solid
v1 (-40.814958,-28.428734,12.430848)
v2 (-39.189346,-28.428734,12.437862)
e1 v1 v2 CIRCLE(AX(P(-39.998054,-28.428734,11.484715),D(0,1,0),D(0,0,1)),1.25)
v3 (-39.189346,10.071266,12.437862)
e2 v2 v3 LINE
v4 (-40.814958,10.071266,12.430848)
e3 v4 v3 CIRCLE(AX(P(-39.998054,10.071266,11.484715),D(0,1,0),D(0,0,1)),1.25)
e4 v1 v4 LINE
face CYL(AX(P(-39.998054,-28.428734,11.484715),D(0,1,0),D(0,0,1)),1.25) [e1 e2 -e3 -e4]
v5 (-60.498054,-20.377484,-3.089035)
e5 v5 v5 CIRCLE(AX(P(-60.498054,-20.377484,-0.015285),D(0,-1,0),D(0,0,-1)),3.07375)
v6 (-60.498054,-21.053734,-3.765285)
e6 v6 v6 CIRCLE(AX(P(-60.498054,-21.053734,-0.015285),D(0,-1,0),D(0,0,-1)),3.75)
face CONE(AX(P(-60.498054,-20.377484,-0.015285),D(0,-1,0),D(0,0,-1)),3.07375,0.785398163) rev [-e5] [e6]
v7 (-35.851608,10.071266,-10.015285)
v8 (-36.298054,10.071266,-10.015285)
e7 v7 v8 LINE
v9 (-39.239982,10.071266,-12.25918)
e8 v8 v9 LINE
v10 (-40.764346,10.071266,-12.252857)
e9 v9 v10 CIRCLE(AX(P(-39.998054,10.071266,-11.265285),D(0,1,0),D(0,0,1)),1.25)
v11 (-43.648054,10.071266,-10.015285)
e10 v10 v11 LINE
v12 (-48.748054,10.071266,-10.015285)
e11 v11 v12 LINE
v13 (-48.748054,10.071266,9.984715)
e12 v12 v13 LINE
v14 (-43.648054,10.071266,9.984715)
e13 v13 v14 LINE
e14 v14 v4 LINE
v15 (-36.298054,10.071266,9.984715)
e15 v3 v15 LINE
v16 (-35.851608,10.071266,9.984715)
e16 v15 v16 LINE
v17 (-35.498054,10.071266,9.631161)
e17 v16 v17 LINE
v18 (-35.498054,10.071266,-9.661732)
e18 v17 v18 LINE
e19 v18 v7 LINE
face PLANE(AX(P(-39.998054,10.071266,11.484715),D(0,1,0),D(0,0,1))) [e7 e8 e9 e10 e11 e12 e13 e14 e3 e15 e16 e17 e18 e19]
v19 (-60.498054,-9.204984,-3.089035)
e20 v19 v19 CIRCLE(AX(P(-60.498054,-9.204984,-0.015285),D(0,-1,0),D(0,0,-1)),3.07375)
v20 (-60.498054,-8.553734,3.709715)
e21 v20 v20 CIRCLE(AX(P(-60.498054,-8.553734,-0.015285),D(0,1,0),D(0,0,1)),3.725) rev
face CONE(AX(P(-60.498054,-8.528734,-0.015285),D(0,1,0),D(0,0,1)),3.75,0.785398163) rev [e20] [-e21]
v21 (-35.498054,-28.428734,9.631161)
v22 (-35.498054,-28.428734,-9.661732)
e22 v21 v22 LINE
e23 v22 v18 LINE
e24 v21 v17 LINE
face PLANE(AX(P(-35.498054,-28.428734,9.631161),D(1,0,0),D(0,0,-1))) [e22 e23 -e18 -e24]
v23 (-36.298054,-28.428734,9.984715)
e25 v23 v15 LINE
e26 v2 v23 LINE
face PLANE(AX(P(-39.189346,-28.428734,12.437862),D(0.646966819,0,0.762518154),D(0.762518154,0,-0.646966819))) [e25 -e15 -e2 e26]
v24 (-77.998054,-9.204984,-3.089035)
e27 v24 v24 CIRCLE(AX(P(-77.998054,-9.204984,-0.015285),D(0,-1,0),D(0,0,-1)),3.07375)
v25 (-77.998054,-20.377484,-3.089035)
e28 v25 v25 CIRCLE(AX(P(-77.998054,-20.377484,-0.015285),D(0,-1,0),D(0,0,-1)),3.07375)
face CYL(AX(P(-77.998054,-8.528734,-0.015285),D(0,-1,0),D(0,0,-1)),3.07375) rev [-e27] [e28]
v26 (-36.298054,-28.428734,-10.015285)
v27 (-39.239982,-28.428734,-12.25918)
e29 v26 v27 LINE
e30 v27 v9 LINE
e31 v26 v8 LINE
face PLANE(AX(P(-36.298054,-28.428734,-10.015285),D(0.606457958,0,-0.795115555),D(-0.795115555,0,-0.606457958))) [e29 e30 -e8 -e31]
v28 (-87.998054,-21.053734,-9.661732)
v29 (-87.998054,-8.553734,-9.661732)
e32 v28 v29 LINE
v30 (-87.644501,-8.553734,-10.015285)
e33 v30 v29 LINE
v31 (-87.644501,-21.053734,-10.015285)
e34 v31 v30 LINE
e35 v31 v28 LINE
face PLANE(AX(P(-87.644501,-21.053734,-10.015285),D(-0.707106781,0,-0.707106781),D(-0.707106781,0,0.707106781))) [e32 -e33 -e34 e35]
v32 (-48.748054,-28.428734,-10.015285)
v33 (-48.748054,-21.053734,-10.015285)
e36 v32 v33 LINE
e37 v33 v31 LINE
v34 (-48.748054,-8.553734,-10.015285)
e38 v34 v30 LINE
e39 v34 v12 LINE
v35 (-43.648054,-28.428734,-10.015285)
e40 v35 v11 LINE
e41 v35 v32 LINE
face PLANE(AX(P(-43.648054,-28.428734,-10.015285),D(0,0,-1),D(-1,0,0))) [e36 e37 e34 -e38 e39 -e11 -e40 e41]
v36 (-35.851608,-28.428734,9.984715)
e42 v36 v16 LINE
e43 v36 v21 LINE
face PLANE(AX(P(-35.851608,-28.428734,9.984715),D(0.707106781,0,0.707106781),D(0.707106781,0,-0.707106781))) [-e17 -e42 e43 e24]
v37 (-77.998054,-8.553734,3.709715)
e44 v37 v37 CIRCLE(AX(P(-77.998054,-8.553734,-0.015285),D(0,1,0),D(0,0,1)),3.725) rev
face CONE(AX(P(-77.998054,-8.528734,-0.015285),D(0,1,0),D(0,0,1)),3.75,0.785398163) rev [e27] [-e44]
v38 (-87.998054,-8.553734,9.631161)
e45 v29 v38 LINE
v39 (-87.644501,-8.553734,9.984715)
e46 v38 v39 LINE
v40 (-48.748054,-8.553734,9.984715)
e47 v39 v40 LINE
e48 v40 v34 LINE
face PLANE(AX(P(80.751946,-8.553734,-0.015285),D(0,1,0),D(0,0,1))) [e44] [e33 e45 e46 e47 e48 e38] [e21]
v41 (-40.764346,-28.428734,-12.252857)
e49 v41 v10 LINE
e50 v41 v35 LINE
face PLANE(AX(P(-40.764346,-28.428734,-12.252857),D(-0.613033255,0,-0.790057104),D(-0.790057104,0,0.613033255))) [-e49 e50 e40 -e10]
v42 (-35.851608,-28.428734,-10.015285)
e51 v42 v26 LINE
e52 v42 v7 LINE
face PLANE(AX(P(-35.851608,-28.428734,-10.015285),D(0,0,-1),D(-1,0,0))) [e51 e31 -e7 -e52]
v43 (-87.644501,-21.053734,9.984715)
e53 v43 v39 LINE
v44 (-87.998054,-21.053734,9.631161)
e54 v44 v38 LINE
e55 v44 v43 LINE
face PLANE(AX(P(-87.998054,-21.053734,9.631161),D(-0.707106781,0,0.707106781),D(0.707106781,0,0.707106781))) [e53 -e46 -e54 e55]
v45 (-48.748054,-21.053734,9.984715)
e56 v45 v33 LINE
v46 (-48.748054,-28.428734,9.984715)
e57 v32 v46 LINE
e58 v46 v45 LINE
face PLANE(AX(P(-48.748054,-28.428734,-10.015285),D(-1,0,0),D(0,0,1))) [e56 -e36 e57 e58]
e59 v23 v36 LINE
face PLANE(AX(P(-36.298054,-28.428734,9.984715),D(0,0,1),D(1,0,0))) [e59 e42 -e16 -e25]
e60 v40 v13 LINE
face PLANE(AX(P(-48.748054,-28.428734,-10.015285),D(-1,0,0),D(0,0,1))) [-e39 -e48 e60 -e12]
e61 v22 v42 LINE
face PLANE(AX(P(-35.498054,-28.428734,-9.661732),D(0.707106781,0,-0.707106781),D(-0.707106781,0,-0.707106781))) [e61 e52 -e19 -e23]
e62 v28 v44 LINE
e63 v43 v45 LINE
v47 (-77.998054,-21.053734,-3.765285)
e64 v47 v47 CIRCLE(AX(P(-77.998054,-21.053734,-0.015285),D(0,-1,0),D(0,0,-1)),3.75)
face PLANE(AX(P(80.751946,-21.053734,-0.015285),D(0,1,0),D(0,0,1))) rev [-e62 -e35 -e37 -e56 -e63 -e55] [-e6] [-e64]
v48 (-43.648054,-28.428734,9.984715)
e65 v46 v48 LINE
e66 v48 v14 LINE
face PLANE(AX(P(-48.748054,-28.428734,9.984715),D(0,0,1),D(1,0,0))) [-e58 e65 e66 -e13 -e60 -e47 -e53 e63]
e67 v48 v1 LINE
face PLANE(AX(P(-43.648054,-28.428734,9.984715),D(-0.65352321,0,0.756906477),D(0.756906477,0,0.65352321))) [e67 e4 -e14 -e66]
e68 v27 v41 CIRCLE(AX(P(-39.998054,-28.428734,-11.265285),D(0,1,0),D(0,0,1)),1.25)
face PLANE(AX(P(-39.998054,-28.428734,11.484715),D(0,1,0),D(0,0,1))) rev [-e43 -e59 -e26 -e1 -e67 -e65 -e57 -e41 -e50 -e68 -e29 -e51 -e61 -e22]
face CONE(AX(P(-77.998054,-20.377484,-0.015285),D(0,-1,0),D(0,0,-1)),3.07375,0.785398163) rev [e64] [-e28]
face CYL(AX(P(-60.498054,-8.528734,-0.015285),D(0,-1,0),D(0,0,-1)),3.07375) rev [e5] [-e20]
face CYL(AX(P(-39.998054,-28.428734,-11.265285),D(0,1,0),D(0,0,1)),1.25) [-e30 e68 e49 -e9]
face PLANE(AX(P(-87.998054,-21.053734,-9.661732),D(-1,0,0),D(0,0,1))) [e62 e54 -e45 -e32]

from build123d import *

# Parameters (mm, degrees)
BOSS_EXTRUDE1_DEPTH = 15.4
BOSS_EXTRUDE2_DEPTH = 5
SCALE_1_SCALE       = 2.5


with BuildPart() as part:
    # Sketch1 → Boss-Extrude1 (new body)
    with BuildSketch(Plane(origin=(0, -3, 0), x_dir=(1, 0, 0), z_dir=(0, 1, 0))):
        with BuildLine():
            Line((-51.8, -4), (-49.76, -4))
            Line((-49.76, -4), (-48.626761605, -4.978453238))
            ThreePointArc((-48.626761605, -4.978453238), (-48.302157504, -5.099995345), (-47.97651659, -4.981259077))
            Line((-47.97651659, -4.981259077), (-46.82, -4))
            Line((-46.82, -4), (-46.641421356, -4))
            Line((-46.641421356, -4), (-46.5, -3.858578644))
            Line((-46.5, -3.858578644), (-46.5, 3.858578644))
            Line((-46.5, 3.858578644), (-46.641421356, 4))
            Line((-46.641421356, 4), (-46.82, 4))
            Line((-46.82, 4), (-47.996771021, 4.897557777))
            ThreePointArc((-47.996771021, 4.897557777), (-48.302073982, 4.999995699), (-48.606516627, 4.895028552))
            Line((-48.606516627, 4.895028552), (-49.76, 4))
            Line((-49.76, 4), (-51.8, 4))
            Line((-51.8, 4), (-51.8, -4))
        make_face()
    extrude(amount=-BOSS_EXTRUDE1_DEPTH)

    # Sketch2 → Boss-Extrude2 (add)
    with BuildSketch(Plane(origin=(0, -10.45, 0), x_dir=(1, 0, 0), z_dir=(0, 1, 0))):
        Polygon((-67.5, 3.858578644), (-67.5, -3.858578644), (-67.358578644, -4), (-51.8, -4), (-51.8, 4), (-67.358578644, 4), align=None)
    extrude(amount=-BOSS_EXTRUDE2_DEPTH)

    # Sketch3 → Cut-Revolve1 (revolve, cut)
    with BuildSketch(Plane.XY):
        Polygon((-63.5, -15.45), (-65, -15.45), (-64.7295, -15.1795), (-64.7295, -10.7105), (-65, -10.44), (-63.5, -10.44), align=None)
    revolve(axis=Axis((-63.5, -10.44, 0), (0, -1, 0)), mode=Mode.SUBTRACT)

    # Sketch4 → Cut-Revolve2 (revolve, cut)
    with BuildSketch(Plane.XY):
        Polygon((-56.5, -15.45), (-58, -15.45), (-57.7295, -15.1795), (-57.7295, -10.7105), (-58, -10.44), (-56.5, -10.44), align=None)
    revolve(axis=Axis((-56.5, -10.44, 0), (0, -1, 0)), mode=Mode.SUBTRACT)


with BuildPart() as part_1:
    # 缩放比例1: scaled about (-53.834630524, -11.714177537, 0.010190259)
    add(part.part.scale(SCALE_1_SCALE).moved(Location((80.751945786, 17.571266306, -0.015285389))))


solid = part_1.part
